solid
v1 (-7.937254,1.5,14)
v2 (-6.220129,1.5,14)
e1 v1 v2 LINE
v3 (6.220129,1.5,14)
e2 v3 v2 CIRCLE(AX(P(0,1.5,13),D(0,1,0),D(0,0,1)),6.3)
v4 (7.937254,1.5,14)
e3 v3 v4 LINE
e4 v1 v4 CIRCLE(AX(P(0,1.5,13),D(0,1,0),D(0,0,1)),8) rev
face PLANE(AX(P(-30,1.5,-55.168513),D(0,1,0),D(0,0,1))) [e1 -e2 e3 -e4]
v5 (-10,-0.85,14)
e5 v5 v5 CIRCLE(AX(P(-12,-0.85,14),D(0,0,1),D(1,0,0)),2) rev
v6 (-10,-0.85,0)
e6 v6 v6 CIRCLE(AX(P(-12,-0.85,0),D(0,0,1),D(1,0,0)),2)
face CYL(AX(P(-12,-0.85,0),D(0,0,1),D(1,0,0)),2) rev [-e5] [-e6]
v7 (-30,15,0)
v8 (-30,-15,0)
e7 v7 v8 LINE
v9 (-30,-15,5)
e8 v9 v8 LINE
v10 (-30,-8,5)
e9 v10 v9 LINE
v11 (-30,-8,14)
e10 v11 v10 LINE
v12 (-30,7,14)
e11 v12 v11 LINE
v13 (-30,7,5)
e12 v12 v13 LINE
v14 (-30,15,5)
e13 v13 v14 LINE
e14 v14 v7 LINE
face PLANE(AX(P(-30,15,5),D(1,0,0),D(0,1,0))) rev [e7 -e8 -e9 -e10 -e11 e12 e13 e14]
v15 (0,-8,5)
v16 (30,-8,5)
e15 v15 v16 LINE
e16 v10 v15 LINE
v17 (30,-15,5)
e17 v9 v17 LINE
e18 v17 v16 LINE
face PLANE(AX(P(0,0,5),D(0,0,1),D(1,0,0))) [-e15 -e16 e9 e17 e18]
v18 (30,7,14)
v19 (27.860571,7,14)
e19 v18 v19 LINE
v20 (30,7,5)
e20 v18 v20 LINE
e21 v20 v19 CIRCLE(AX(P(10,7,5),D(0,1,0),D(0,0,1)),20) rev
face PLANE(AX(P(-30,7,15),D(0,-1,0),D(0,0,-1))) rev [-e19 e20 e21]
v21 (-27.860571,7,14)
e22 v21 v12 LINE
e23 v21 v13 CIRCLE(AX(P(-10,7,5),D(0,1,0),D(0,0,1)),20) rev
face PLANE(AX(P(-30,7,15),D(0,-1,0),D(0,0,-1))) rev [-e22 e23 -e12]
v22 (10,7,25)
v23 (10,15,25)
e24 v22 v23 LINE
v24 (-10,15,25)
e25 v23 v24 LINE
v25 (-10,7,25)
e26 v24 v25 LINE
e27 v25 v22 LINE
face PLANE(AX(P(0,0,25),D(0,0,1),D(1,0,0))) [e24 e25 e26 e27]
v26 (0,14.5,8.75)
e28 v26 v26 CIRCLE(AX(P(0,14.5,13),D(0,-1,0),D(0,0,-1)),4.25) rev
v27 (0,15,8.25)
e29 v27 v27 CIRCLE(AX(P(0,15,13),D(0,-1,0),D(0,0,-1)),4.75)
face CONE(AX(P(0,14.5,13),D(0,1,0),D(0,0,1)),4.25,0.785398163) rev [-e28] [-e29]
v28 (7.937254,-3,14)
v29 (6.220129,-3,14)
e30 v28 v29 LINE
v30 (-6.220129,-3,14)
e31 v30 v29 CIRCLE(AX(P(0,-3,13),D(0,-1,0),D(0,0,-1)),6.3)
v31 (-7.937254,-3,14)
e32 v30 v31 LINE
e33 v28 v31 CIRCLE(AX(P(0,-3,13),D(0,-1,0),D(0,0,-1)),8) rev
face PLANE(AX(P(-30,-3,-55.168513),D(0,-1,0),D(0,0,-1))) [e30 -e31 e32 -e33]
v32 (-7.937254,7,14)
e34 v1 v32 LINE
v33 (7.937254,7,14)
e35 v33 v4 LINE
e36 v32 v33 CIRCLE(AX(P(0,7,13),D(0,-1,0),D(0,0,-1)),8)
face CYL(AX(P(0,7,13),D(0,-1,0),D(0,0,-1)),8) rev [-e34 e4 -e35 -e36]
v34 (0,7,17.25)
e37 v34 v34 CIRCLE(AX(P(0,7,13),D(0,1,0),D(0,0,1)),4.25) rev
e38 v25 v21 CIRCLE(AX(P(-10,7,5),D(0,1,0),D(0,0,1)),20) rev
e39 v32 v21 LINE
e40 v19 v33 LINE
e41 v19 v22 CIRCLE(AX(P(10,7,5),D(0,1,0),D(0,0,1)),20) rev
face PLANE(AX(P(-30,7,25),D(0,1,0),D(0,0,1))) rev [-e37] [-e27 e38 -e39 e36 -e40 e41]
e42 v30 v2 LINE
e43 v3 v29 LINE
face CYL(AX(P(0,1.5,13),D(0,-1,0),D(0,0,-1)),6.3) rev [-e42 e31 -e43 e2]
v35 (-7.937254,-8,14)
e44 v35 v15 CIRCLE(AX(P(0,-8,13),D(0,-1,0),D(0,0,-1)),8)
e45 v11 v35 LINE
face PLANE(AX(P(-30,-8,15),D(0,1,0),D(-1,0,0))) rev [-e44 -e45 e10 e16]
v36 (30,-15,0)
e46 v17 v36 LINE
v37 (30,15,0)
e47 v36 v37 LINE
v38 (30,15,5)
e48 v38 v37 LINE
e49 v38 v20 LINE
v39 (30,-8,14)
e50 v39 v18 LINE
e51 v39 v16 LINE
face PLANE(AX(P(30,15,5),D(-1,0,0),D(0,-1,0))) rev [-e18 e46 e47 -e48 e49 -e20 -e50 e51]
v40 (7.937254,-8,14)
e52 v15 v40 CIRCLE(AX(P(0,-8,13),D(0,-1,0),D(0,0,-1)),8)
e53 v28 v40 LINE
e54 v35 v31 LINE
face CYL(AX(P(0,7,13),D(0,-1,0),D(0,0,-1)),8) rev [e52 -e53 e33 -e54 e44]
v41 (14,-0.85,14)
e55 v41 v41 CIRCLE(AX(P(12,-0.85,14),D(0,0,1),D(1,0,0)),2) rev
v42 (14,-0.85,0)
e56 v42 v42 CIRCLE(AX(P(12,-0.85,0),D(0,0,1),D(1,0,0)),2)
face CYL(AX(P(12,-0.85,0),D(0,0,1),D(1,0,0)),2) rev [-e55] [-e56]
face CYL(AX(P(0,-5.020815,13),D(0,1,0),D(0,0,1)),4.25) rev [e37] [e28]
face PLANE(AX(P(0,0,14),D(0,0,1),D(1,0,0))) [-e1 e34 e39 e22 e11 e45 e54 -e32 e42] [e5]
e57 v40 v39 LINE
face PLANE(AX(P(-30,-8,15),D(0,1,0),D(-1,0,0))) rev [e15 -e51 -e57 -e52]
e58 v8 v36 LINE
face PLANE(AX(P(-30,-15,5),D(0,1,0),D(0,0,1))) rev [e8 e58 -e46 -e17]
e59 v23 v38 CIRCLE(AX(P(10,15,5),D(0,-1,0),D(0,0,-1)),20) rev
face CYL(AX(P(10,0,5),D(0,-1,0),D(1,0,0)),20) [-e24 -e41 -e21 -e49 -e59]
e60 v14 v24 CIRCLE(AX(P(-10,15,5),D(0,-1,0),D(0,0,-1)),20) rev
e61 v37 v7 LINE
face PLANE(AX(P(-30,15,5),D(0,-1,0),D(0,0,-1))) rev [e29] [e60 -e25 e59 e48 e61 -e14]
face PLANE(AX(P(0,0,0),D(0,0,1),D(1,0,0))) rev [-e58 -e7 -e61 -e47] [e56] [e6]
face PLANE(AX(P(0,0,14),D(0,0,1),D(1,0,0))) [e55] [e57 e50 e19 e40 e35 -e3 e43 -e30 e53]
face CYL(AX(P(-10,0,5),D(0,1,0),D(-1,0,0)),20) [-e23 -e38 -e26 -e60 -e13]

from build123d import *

# Parameters (mm, degrees)
SCHIZZO1_W                   = 60
SCHIZZO1_H                   = 30
ESTRUSIONE_ESTRUSIONE1_DEPTH = 5
SCHIZZO2_W                   = 60
SCHIZZO2_H                   = 8
ESTRUSIONE_ESTRUSIONE2_DEPTH = 20
SCHIZZO3_R                   = 4.25
TAGLIO_ESTRUSIONE1_DEPTH     = 8
RACCORDO1_R                  = 20
SCHIZZO4_W                   = 60
SCHIZZO4_H                   = 15
ESTRUSIONE_ESTRUSIONE3_DEPTH = 10
SCHIZZO6_R                   = 8
TAGLIO_ESTRUSIONE2_DEPTH     = 15
SCHIZZO8_W                   = 60
SCHIZZO8_H                   = 4.5
ESTRUSIONE_ESTRUSIONE4_DEPTH = 10
SCHIZZO9_R                   = 6.3
TAGLIO_ESTRUSIONE3_DEPTH     = 4.5
SCHIZZO10_R                  = 2
TAGLIO_ESTRUSIONE4_DEPTH     = 16
SCHIZZO11_W                  = 60
SCHIZZO11_H                  = 15
TAGLIO_ESTRUSIONE5_DEPTH     = 1
SMUSSO1_SIZE                 = 0.5


with BuildPart() as part:
    # Schizzo1 → Estrusione-Estrusione1 (new body)
    with BuildSketch(Plane.XY):
        Rectangle(SCHIZZO1_W, SCHIZZO1_H)
    extrude(amount=ESTRUSIONE_ESTRUSIONE1_DEPTH)

    # Schizzo2 → Estrusione-Estrusione2 (add)
    with BuildSketch(Plane.XY.offset(5)):
        with Locations((0, 11)):
            Rectangle(SCHIZZO2_W, SCHIZZO2_H)
    extrude(amount=ESTRUSIONE_ESTRUSIONE2_DEPTH)

    # Schizzo3 → Taglio-Estrusione1 (cut)
    with BuildSketch(Plane(origin=(0, 15, 0), x_dir=(1, 0, 0), z_dir=(0, 1, 0))):
        with Locations((0, -13)):
            Circle(SCHIZZO3_R)
    extrude(amount=-TAGLIO_ESTRUSIONE1_DEPTH, mode=Mode.SUBTRACT)

    # Raccordo1
    raccordo1_edges = [part.edges().sort_by_distance(p)[0] for p in [
        (30, 11, 25),
        (-30, 11, 25),
    ]]
    fillet(raccordo1_edges, radius=RACCORDO1_R)

    # Schizzo4 → Estrusione-Estrusione3 (add)
    with BuildSketch(Plane.XY.offset(5)):
        with Locations((0, -0.5)):
            Rectangle(SCHIZZO4_W, SCHIZZO4_H)
    extrude(amount=ESTRUSIONE_ESTRUSIONE3_DEPTH)

    # Schizzo6 → Taglio-Estrusione2 (cut)
    with BuildSketch(Plane.XZ.offset(8)):
        with Locations((0, 13)):
            Circle(SCHIZZO6_R)
    extrude(amount=-TAGLIO_ESTRUSIONE2_DEPTH, mode=Mode.SUBTRACT)

    # Schizzo8 → Estrusione-Estrusione4 (add)
    with BuildSketch(Plane.XY.offset(15)):
        with Locations((0, -0.75)):
            Rectangle(SCHIZZO8_W, SCHIZZO8_H)
    extrude(amount=-ESTRUSIONE_ESTRUSIONE4_DEPTH)

    # Schizzo9 → Taglio-Estrusione3 (cut)
    with BuildSketch(Plane.XZ.offset(3)):
        with Locations((0, 13)):
            Circle(SCHIZZO9_R)
    extrude(amount=-TAGLIO_ESTRUSIONE3_DEPTH, mode=Mode.SUBTRACT)

    # Schizzo10 → Taglio-Estrusione4 (cut, through all)
    with BuildSketch(Plane.XY.offset(15)):
        with Locations((12, -0.85)):
            Circle(SCHIZZO10_R)
        with Locations((-12, -0.85)):
            Circle(SCHIZZO10_R)
    extrude(amount=-TAGLIO_ESTRUSIONE4_DEPTH, mode=Mode.SUBTRACT)

    # Schizzo11 → Taglio-Estrusione5 (cut)
    with BuildSketch(Plane.XY.offset(15)):
        with Locations((0, -0.5)):
            Rectangle(SCHIZZO11_W, SCHIZZO11_H)
    extrude(amount=-TAGLIO_ESTRUSIONE5_DEPTH, mode=Mode.SUBTRACT)

    # Smusso1
    smusso1_edges = [part.edges().sort_by_distance(p)[0] for p in [
        (-4.25, 15, 13),
    ]]
    chamfer(smusso1_edges, length=SMUSSO1_SIZE)


solid = part.part
